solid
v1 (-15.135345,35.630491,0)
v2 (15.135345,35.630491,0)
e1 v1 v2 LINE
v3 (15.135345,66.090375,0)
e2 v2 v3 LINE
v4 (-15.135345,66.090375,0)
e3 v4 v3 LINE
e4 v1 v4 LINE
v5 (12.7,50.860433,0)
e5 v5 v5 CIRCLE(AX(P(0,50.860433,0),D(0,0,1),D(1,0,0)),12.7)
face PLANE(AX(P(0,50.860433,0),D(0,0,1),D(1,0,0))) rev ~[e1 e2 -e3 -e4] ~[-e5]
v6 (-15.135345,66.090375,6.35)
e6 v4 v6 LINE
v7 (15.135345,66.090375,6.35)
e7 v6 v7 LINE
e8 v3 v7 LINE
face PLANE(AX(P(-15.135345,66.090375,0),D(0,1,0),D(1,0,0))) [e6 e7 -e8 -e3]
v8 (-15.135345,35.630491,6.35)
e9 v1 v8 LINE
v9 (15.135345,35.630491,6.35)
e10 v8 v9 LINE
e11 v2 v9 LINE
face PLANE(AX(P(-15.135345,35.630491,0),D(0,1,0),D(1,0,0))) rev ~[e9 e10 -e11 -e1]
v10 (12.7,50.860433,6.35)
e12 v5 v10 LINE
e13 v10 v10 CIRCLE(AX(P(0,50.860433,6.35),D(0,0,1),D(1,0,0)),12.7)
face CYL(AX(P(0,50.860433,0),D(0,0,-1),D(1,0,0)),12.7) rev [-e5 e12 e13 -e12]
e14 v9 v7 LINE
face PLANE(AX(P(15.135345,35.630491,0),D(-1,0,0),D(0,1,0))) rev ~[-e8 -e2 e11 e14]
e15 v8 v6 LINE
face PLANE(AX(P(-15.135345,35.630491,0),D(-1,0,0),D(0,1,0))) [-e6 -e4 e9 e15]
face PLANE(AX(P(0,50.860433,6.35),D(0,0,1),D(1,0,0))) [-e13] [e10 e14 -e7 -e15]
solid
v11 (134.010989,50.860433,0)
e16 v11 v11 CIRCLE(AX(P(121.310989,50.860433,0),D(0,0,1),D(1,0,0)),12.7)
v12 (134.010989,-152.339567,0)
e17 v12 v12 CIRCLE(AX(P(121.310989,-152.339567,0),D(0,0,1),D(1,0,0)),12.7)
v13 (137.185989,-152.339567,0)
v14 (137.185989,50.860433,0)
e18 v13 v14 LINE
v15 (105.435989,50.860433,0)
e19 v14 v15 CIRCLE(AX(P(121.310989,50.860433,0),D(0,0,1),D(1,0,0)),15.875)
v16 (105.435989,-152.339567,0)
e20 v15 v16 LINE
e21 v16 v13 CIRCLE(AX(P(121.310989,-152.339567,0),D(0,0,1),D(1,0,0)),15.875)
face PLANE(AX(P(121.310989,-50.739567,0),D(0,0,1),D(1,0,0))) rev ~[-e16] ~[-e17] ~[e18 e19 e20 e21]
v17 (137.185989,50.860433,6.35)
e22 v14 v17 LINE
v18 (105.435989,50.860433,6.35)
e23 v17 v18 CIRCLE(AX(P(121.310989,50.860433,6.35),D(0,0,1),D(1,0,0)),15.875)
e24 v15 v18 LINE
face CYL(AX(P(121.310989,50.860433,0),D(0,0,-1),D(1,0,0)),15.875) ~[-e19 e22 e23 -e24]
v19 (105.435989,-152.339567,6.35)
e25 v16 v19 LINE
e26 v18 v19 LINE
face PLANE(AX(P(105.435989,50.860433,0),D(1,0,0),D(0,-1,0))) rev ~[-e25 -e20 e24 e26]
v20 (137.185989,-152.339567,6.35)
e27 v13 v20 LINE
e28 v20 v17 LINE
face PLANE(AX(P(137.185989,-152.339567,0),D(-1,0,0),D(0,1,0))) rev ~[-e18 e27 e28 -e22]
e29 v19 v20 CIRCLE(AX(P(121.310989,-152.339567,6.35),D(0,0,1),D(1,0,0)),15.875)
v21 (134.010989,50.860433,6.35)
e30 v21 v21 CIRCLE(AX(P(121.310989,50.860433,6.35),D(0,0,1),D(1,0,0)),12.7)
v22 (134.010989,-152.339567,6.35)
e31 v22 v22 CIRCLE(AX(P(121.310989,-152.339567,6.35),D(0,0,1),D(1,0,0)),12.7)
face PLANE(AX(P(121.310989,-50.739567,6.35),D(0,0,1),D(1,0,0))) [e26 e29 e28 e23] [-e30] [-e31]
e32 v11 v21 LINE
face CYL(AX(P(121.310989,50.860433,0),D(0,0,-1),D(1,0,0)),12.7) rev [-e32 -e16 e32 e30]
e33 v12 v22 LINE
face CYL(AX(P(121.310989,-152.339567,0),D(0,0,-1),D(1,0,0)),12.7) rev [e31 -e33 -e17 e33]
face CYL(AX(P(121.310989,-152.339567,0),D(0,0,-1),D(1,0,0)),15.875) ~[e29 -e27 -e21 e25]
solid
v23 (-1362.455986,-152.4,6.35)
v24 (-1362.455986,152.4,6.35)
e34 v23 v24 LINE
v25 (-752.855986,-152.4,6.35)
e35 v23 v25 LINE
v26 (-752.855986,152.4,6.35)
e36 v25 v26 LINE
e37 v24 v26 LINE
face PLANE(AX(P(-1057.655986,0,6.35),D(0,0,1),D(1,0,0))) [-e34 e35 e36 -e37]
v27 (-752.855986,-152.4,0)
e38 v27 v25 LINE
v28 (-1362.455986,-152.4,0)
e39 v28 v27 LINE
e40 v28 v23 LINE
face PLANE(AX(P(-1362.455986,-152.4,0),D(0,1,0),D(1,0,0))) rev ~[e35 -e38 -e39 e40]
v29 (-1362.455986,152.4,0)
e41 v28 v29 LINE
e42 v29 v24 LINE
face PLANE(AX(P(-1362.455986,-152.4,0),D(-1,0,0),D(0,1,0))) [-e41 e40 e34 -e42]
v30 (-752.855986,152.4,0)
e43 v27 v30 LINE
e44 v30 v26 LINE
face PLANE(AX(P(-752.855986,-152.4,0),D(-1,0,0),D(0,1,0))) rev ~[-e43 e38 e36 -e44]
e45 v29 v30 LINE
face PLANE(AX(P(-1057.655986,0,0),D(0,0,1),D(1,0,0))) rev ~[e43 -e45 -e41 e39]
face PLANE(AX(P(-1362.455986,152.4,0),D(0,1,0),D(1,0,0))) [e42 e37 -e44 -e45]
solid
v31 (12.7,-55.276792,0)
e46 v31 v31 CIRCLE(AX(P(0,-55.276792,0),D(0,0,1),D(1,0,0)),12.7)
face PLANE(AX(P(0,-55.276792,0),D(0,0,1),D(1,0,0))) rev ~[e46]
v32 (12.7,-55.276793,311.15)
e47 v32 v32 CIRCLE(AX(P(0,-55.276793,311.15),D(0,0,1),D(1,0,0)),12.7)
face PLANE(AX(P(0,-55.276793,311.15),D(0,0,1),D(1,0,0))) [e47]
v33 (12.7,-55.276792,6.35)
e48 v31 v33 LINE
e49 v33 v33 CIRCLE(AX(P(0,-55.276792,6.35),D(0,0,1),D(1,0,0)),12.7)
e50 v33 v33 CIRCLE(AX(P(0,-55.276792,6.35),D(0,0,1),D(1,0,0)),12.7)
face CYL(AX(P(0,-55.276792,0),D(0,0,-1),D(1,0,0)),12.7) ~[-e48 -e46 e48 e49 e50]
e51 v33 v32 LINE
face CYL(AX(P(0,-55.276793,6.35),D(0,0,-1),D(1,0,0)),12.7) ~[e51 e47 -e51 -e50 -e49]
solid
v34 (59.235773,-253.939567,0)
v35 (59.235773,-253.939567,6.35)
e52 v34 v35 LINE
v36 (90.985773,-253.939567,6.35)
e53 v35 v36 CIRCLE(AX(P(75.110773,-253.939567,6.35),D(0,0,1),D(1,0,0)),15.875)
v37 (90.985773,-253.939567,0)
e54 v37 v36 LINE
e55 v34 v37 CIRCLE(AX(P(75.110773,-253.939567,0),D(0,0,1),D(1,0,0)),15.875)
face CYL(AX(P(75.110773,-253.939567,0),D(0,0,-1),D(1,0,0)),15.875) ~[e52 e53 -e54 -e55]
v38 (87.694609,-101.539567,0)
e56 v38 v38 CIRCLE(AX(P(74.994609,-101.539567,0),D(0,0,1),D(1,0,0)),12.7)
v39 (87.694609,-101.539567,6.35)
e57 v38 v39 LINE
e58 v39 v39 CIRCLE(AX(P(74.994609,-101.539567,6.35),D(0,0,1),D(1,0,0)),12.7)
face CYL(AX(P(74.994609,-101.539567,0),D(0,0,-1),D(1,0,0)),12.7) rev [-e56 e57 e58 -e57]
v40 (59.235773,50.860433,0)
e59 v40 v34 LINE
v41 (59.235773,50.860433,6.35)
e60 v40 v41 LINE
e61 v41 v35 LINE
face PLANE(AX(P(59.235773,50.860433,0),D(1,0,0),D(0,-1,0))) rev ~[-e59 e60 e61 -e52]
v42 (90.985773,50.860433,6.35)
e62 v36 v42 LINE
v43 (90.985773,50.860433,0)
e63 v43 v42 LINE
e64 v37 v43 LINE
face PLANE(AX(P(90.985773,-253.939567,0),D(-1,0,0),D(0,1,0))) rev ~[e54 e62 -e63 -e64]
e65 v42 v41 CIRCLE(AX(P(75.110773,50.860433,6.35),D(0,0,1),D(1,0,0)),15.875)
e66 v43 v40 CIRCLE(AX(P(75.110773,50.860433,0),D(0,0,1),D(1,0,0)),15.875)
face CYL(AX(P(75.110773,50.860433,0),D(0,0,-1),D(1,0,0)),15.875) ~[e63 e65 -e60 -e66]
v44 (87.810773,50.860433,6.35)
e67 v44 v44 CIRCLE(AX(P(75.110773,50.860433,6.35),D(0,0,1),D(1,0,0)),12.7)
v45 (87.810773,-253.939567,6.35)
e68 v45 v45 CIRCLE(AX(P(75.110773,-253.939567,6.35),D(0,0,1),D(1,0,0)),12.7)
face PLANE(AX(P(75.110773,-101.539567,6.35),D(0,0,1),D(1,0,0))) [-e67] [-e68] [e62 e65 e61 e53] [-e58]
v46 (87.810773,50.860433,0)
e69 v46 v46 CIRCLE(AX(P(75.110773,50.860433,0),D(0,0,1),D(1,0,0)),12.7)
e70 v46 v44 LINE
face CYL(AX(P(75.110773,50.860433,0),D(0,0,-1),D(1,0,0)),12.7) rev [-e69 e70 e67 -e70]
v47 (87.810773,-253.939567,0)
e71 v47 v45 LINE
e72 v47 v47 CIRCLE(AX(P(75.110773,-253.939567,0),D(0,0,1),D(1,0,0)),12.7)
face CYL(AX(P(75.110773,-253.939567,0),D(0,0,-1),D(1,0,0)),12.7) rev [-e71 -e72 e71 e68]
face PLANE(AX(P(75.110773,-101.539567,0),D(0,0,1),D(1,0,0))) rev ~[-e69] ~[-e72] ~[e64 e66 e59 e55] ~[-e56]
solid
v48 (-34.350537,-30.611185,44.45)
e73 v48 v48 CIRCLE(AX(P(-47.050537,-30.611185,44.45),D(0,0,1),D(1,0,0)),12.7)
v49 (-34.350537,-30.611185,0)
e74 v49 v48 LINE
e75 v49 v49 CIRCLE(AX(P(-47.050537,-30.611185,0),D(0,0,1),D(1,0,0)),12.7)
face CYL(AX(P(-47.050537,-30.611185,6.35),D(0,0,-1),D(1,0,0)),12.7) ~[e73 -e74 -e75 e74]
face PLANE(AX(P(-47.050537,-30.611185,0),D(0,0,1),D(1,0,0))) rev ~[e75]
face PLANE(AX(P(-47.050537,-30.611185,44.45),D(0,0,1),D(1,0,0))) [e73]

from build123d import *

# Parameters (mm, degrees)
F0_R      = 12.7
F0_W      = 30.27069
F0_H      = 30.459884
F1_DEPTH  = 6.35
F1_FACE_R = 12.7
F2_DEPTH  = 38.1
F3_DEPTH  = 304.8
F4_W      = 609.6
F4_H      = 304.8
F5_DEPTH  = 6.35


with BuildPart() as f1:
    # F0 (on Top) → F1 (new body)
    with BuildSketch(Plane.XY):
        with BuildLine():
            Line((137.185989, -152.339567), (137.185989, 50.860433))
            ThreePointArc((137.185989, 50.860433), (121.310989, 34.985433), (105.435989, 50.860433))
            Line((105.435989, 50.860433), (105.435989, -152.339567))
            ThreePointArc((105.435989, -152.339567), (121.310989, -136.464567), (137.185989, -152.339567))
        make_face()
        with BuildLine():
            Line((90.985773, -253.939567), (90.985773, 50.860433))
            ThreePointArc((90.985773, 50.860433), (75.110773, 34.985433), (59.235773, 50.860433))
            Line((59.235773, 50.860433), (59.235773, -253.939567))
            ThreePointArc((59.235773, -253.939567), (75.110773, -238.064567), (90.985773, -253.939567))
        make_face()
        with Locations((74.994609, -101.539567)):
            Circle(F0_R, mode=Mode.SUBTRACT)
        with BuildLine():
            ThreePointArc((59.235773, 50.860433), (75.110773, 34.985433), (90.985773, 50.860433))
            ThreePointArc((90.985773, 50.860433), (75.110773, 66.735433), (59.235773, 50.860433))
        make_face()
        with Locations((75.110773, 50.860433)):
            Circle(F0_R, mode=Mode.SUBTRACT)
        with BuildLine():
            ThreePointArc((105.435989, 50.860433), (121.310989, 34.985433), (137.185989, 50.860433))
            ThreePointArc((137.185989, 50.860433), (121.310989, 66.735433), (105.435989, 50.860433))
        make_face()
        with Locations((121.310989, 50.860433)):
            Circle(F0_R, mode=Mode.SUBTRACT)
        with BuildLine():
            ThreePointArc((105.435989, -152.339567), (121.310989, -168.214567), (137.185989, -152.339567))
            ThreePointArc((137.185989, -152.339567), (121.310989, -136.464567), (105.435989, -152.339567))
        make_face()
        with Locations((121.310989, -152.339567)):
            Circle(F0_R, mode=Mode.SUBTRACT)
        with BuildLine():
            ThreePointArc((59.235773, -253.939567), (75.110773, -269.814567), (90.985773, -253.939567))
            ThreePointArc((90.985773, -253.939567), (75.110773, -238.064567), (59.235773, -253.939567))
        make_face()
        with Locations((75.110773, -253.939567)):
            Circle(F0_R, mode=Mode.SUBTRACT)
        with Locations((0, 50.860433)):
            Rectangle(F0_W, F0_H)
        with Locations((0, 50.860433)):
            Circle(F0_R, mode=Mode.SUBTRACT)
        with Locations((0, -55.276792)):
            Circle(F0_R)
        with Locations((-47.050537, -30.611185)):
            Circle(F0_R)
    extrude(amount=F1_DEPTH)

    # F1_face (on face) → F2 (join)
    with BuildSketch(Plane(origin=(-47.050537, -30.611185, 6.35), x_dir=(1, 0, 0), z_dir=(0, 0, 1))):
        Circle(F1_FACE_R)
    extrude(amount=F2_DEPTH)

    # F1_face (on face) → F3 (join)
    with BuildSketch(Plane(origin=(-47.050537, -30.611185, 6.35), x_dir=(1, 0, 0), z_dir=(0, 0, 1))):
        with Locations((47.050537, -24.665608)):
            Circle(F1_FACE_R)
    extrude(amount=F3_DEPTH)


with BuildPart() as f5:
    # F4 (on Top) → F5 (new body)
    with BuildSketch(Plane.XY):
        with Locations((-1057.655986, 0)):
            Rectangle(F4_W, F4_H)
    extrude(amount=F5_DEPTH)


solid = Compound([f1.part, f5.part])
